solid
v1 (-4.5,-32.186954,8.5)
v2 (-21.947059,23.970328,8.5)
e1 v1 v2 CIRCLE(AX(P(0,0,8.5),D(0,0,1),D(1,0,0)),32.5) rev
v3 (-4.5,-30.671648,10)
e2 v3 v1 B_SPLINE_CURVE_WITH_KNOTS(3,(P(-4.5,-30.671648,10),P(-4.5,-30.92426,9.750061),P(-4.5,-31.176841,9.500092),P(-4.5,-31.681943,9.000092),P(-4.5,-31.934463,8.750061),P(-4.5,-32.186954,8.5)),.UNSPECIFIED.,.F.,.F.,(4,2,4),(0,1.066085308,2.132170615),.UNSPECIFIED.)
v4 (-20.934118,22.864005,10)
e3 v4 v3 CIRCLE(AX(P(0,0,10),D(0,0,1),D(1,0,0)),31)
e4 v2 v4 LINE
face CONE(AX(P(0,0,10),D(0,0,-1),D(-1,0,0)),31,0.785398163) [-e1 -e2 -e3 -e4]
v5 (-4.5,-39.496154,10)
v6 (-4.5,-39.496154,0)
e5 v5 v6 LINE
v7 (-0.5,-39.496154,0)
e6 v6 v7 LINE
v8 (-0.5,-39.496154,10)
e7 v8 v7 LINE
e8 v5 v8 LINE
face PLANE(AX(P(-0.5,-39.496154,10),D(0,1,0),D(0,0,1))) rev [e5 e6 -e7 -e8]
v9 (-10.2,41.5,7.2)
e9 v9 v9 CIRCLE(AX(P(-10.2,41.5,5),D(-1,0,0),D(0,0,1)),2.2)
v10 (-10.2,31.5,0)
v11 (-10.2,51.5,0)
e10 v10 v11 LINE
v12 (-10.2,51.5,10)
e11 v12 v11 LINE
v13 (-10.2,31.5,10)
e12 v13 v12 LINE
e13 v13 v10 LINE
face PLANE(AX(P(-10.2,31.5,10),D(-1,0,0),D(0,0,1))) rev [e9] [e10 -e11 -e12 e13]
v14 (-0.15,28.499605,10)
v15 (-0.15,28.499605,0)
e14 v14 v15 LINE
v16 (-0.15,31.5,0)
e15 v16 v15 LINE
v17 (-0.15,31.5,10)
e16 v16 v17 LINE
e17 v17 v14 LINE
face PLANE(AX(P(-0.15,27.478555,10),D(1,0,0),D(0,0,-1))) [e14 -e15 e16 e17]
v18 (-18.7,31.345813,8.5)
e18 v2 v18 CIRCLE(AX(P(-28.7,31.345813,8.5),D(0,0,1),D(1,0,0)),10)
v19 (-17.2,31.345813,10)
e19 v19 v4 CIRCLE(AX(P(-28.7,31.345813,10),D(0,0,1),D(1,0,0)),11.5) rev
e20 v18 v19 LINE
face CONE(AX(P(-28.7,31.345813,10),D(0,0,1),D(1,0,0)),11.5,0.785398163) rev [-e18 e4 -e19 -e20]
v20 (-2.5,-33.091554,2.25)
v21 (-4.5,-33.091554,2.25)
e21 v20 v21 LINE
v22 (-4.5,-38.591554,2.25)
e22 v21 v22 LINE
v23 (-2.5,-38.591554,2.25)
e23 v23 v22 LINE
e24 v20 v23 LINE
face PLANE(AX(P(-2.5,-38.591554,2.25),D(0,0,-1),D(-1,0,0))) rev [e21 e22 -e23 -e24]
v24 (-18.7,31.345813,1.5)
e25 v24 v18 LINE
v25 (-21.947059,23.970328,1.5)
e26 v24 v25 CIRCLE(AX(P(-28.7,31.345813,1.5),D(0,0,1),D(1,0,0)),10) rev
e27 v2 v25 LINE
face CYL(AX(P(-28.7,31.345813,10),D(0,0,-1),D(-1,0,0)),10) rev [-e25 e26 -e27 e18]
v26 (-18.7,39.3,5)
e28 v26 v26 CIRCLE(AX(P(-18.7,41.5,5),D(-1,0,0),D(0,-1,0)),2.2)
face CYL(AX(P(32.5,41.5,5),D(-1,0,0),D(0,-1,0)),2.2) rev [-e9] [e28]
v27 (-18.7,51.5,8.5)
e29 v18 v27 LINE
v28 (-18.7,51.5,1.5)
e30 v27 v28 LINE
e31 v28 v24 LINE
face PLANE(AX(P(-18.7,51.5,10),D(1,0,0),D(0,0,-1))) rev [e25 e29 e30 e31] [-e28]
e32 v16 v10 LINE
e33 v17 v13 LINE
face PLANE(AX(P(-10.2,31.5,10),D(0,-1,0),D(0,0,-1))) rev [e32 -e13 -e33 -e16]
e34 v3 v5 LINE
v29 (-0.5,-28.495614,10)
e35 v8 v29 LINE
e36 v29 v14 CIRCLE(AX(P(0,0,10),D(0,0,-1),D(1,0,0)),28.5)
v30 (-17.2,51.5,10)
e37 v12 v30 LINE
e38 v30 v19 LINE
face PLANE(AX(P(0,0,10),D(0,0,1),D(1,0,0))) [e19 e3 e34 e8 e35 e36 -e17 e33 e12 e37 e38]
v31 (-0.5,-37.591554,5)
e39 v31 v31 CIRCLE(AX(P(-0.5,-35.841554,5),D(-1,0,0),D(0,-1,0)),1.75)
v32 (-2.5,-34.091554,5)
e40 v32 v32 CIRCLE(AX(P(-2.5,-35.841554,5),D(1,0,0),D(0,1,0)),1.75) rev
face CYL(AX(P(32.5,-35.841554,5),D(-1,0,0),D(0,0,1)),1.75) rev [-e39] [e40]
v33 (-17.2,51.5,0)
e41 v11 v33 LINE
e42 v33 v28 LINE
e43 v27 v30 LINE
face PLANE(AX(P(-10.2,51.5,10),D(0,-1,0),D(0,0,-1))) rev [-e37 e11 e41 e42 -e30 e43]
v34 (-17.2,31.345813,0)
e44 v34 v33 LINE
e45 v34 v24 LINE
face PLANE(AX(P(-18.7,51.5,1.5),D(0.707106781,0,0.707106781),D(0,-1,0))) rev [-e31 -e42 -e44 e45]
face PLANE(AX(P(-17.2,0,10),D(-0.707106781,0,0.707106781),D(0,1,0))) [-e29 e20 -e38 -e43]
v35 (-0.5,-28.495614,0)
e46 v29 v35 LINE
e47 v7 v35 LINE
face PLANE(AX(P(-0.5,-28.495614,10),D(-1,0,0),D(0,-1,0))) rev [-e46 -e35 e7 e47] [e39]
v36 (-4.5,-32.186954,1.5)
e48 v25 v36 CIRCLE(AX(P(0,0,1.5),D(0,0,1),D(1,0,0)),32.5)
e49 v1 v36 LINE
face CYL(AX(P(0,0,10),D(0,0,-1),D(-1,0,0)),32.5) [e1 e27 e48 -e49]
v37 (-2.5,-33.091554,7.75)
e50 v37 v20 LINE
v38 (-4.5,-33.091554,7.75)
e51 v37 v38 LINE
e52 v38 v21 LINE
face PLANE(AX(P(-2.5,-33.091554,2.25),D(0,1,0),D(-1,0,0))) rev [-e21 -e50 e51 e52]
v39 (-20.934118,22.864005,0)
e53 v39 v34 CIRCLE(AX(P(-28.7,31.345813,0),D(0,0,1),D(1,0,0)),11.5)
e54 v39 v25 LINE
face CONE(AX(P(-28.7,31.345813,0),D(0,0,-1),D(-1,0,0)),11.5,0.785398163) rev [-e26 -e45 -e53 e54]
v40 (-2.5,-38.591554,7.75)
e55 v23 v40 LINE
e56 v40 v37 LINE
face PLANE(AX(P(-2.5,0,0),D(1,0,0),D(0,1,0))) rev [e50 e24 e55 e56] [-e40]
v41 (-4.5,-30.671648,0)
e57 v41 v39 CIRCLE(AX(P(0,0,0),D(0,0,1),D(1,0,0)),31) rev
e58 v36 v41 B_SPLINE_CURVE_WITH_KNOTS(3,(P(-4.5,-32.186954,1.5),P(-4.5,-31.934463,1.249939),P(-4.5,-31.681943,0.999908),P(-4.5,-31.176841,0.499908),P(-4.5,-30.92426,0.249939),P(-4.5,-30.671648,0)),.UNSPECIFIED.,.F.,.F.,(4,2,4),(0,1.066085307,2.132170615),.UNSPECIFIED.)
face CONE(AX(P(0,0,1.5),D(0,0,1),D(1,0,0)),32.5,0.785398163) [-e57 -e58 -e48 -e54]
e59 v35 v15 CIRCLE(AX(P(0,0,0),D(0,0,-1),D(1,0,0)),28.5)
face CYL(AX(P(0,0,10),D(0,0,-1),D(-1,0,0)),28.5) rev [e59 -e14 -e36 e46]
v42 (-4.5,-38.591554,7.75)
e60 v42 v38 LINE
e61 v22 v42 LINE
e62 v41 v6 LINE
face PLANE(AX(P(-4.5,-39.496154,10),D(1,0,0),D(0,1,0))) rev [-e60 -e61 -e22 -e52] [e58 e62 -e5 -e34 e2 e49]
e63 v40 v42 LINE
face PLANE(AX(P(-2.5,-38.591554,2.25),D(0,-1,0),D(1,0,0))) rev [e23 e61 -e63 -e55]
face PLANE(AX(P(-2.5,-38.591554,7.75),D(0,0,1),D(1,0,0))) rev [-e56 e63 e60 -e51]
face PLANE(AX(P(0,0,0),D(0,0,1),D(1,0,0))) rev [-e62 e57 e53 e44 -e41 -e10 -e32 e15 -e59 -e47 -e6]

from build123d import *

# Parameters (mm, degrees)
AUFSATZ_LINEAR_AUSTRAGEN1_DEPTH = 10
SKIZZE2_R                       = 1.75
SCHNITT_LINEAR_AUSTRAGEN1_DEPTH = 38
SKIZZE4_R                       = 2.2
SCHNITT_LINEAR_AUSTRAGEN3_DEPTH = 52.2
VERRUNDUNG1_R                   = 10
SKIZZE5_W                       = 5.5
SKIZZE5_H                       = 5.5
SCHNITT_LINEAR_AUSTRAGEN4_DEPTH = 2
FASE1_SIZE                      = 1.5
SCHNITT_LINEAR_AUSTRAGEN5_DEPTH = 11


with BuildPart() as part:
    # Skizze1 → Aufsatz-Linear austragen1 (new body)
    with BuildSketch(Plane.XY):
        with BuildLine():
            Line((0.5, -28.495613698), (0.5, -32.496153619))
            Line((0.5, -32.496153619), (0.5, -39.496153619))
            Line((0.5, -39.496153619), (4.5, -39.496153619))
            Line((4.5, -39.496153619), (4.5, -32.186953879))
            ThreePointArc((4.5, -32.186953879), (31.590882714, -7.633225356), (18.7, 26.581196361))
            Line((18.7, 26.581196361), (18.7, 51.5))
            Line((18.7, 51.5), (10.2, 51.5))
            Line((10.2, 51.5), (10.2, 31.5))
            Line((10.2, 31.5), (-10.2, 31.5))
            Line((-10.2, 31.5), (-10.2, 51.5))
            Line((-10.2, 51.5), (-18.7, 51.5))
            Line((-18.7, 51.5), (-18.7, 26.581196361))
            ThreePointArc((-18.7, 26.581196361), (-31.590882714, -7.633225356), (-4.5, -32.186953879))
            Line((-4.5, -32.186953879), (-4.5, -39.496153619))
            Line((-4.5, -39.496153619), (-0.5, -39.496153619))
            Line((-0.5, -39.496153619), (-0.5, -32.496153619))
            Line((-0.5, -32.496153619), (-0.5, -28.495613698))
            ThreePointArc((-0.5, -28.495613698), (0, 28.5), (0.5, -28.495613698))
        make_face()
    extrude(amount=AUFSATZ_LINEAR_AUSTRAGEN1_DEPTH)

    # Skizze2 → Schnitt-Linear austragen1 (cut, through all)
    with BuildSketch(Plane.ZY.offset(4.5)):
        with Locations((5, -35.841553749)):
            Circle(SKIZZE2_R)
    extrude(amount=-SCHNITT_LINEAR_AUSTRAGEN1_DEPTH, mode=Mode.SUBTRACT)

    # Skizze4 → Schnitt-Linear austragen3 (cut, through all)
    with BuildSketch(Plane.ZY.offset(18.7)):
        with Locations((5, 41.5)):
            Circle(SKIZZE4_R)
    extrude(amount=-SCHNITT_LINEAR_AUSTRAGEN3_DEPTH, mode=Mode.SUBTRACT)

    # Verrundung1
    verrundung1_edges = [part.edges().sort_by_distance(p)[0] for p in [
        (-18.7, 26.581196361, 5),
        (18.7, 26.581196361, 5),
    ]]
    fillet(verrundung1_edges, radius=VERRUNDUNG1_R)

    # Skizze5 → Schnitt-Linear austragen4 (cut)
    with BuildSketch(Plane.ZY.offset(4.5)):
        with Locations((5, -35.841553749)):
            Rectangle(SKIZZE5_W, SKIZZE5_H)
    extrude(amount=-SCHNITT_LINEAR_AUSTRAGEN4_DEPTH, mode=Mode.SUBTRACT)

    # Fase1
    fase1_edges = [part.edges().sort_by_distance(p)[0] for p in [
        (-18.7, 41.422906559, 0),
        (31.036620275, -9.642520517, 0),
        (-18.7, 41.422906559, 10),
        (18.7, 41.422906559, 0),
        (18.7, 41.422906559, 10),
        (31.036620275, -9.642520517, 10),
        (-31.036620275, -9.642520517, 0),
        (-31.036620275, -9.642520517, 10),
        (19.547693958, 27.316508696, 0),
        (19.547693958, 27.316508696, 10),
        (-19.547693958, 27.316508696, 0),
        (-19.547693958, 27.316508696, 10),
    ]]
    chamfer(fase1_edges, length=FASE1_SIZE)

    # Skizze6 → Schnitt-Linear austragen5 (cut, through all)
    with BuildSketch(Plane.XY):
        Polygon((0, -80.065943577), (0, 27.478555263), (-0.15, 27.478555263), (-0.15, 32.428870792), (0, 32.428870792), (0, 80.065943577), (51.694887104, 80.065943577), (51.694887104, -72.979708266), align=None)
    extrude(amount=SCHNITT_LINEAR_AUSTRAGEN5_DEPTH, mode=Mode.SUBTRACT)


solid = part.part
